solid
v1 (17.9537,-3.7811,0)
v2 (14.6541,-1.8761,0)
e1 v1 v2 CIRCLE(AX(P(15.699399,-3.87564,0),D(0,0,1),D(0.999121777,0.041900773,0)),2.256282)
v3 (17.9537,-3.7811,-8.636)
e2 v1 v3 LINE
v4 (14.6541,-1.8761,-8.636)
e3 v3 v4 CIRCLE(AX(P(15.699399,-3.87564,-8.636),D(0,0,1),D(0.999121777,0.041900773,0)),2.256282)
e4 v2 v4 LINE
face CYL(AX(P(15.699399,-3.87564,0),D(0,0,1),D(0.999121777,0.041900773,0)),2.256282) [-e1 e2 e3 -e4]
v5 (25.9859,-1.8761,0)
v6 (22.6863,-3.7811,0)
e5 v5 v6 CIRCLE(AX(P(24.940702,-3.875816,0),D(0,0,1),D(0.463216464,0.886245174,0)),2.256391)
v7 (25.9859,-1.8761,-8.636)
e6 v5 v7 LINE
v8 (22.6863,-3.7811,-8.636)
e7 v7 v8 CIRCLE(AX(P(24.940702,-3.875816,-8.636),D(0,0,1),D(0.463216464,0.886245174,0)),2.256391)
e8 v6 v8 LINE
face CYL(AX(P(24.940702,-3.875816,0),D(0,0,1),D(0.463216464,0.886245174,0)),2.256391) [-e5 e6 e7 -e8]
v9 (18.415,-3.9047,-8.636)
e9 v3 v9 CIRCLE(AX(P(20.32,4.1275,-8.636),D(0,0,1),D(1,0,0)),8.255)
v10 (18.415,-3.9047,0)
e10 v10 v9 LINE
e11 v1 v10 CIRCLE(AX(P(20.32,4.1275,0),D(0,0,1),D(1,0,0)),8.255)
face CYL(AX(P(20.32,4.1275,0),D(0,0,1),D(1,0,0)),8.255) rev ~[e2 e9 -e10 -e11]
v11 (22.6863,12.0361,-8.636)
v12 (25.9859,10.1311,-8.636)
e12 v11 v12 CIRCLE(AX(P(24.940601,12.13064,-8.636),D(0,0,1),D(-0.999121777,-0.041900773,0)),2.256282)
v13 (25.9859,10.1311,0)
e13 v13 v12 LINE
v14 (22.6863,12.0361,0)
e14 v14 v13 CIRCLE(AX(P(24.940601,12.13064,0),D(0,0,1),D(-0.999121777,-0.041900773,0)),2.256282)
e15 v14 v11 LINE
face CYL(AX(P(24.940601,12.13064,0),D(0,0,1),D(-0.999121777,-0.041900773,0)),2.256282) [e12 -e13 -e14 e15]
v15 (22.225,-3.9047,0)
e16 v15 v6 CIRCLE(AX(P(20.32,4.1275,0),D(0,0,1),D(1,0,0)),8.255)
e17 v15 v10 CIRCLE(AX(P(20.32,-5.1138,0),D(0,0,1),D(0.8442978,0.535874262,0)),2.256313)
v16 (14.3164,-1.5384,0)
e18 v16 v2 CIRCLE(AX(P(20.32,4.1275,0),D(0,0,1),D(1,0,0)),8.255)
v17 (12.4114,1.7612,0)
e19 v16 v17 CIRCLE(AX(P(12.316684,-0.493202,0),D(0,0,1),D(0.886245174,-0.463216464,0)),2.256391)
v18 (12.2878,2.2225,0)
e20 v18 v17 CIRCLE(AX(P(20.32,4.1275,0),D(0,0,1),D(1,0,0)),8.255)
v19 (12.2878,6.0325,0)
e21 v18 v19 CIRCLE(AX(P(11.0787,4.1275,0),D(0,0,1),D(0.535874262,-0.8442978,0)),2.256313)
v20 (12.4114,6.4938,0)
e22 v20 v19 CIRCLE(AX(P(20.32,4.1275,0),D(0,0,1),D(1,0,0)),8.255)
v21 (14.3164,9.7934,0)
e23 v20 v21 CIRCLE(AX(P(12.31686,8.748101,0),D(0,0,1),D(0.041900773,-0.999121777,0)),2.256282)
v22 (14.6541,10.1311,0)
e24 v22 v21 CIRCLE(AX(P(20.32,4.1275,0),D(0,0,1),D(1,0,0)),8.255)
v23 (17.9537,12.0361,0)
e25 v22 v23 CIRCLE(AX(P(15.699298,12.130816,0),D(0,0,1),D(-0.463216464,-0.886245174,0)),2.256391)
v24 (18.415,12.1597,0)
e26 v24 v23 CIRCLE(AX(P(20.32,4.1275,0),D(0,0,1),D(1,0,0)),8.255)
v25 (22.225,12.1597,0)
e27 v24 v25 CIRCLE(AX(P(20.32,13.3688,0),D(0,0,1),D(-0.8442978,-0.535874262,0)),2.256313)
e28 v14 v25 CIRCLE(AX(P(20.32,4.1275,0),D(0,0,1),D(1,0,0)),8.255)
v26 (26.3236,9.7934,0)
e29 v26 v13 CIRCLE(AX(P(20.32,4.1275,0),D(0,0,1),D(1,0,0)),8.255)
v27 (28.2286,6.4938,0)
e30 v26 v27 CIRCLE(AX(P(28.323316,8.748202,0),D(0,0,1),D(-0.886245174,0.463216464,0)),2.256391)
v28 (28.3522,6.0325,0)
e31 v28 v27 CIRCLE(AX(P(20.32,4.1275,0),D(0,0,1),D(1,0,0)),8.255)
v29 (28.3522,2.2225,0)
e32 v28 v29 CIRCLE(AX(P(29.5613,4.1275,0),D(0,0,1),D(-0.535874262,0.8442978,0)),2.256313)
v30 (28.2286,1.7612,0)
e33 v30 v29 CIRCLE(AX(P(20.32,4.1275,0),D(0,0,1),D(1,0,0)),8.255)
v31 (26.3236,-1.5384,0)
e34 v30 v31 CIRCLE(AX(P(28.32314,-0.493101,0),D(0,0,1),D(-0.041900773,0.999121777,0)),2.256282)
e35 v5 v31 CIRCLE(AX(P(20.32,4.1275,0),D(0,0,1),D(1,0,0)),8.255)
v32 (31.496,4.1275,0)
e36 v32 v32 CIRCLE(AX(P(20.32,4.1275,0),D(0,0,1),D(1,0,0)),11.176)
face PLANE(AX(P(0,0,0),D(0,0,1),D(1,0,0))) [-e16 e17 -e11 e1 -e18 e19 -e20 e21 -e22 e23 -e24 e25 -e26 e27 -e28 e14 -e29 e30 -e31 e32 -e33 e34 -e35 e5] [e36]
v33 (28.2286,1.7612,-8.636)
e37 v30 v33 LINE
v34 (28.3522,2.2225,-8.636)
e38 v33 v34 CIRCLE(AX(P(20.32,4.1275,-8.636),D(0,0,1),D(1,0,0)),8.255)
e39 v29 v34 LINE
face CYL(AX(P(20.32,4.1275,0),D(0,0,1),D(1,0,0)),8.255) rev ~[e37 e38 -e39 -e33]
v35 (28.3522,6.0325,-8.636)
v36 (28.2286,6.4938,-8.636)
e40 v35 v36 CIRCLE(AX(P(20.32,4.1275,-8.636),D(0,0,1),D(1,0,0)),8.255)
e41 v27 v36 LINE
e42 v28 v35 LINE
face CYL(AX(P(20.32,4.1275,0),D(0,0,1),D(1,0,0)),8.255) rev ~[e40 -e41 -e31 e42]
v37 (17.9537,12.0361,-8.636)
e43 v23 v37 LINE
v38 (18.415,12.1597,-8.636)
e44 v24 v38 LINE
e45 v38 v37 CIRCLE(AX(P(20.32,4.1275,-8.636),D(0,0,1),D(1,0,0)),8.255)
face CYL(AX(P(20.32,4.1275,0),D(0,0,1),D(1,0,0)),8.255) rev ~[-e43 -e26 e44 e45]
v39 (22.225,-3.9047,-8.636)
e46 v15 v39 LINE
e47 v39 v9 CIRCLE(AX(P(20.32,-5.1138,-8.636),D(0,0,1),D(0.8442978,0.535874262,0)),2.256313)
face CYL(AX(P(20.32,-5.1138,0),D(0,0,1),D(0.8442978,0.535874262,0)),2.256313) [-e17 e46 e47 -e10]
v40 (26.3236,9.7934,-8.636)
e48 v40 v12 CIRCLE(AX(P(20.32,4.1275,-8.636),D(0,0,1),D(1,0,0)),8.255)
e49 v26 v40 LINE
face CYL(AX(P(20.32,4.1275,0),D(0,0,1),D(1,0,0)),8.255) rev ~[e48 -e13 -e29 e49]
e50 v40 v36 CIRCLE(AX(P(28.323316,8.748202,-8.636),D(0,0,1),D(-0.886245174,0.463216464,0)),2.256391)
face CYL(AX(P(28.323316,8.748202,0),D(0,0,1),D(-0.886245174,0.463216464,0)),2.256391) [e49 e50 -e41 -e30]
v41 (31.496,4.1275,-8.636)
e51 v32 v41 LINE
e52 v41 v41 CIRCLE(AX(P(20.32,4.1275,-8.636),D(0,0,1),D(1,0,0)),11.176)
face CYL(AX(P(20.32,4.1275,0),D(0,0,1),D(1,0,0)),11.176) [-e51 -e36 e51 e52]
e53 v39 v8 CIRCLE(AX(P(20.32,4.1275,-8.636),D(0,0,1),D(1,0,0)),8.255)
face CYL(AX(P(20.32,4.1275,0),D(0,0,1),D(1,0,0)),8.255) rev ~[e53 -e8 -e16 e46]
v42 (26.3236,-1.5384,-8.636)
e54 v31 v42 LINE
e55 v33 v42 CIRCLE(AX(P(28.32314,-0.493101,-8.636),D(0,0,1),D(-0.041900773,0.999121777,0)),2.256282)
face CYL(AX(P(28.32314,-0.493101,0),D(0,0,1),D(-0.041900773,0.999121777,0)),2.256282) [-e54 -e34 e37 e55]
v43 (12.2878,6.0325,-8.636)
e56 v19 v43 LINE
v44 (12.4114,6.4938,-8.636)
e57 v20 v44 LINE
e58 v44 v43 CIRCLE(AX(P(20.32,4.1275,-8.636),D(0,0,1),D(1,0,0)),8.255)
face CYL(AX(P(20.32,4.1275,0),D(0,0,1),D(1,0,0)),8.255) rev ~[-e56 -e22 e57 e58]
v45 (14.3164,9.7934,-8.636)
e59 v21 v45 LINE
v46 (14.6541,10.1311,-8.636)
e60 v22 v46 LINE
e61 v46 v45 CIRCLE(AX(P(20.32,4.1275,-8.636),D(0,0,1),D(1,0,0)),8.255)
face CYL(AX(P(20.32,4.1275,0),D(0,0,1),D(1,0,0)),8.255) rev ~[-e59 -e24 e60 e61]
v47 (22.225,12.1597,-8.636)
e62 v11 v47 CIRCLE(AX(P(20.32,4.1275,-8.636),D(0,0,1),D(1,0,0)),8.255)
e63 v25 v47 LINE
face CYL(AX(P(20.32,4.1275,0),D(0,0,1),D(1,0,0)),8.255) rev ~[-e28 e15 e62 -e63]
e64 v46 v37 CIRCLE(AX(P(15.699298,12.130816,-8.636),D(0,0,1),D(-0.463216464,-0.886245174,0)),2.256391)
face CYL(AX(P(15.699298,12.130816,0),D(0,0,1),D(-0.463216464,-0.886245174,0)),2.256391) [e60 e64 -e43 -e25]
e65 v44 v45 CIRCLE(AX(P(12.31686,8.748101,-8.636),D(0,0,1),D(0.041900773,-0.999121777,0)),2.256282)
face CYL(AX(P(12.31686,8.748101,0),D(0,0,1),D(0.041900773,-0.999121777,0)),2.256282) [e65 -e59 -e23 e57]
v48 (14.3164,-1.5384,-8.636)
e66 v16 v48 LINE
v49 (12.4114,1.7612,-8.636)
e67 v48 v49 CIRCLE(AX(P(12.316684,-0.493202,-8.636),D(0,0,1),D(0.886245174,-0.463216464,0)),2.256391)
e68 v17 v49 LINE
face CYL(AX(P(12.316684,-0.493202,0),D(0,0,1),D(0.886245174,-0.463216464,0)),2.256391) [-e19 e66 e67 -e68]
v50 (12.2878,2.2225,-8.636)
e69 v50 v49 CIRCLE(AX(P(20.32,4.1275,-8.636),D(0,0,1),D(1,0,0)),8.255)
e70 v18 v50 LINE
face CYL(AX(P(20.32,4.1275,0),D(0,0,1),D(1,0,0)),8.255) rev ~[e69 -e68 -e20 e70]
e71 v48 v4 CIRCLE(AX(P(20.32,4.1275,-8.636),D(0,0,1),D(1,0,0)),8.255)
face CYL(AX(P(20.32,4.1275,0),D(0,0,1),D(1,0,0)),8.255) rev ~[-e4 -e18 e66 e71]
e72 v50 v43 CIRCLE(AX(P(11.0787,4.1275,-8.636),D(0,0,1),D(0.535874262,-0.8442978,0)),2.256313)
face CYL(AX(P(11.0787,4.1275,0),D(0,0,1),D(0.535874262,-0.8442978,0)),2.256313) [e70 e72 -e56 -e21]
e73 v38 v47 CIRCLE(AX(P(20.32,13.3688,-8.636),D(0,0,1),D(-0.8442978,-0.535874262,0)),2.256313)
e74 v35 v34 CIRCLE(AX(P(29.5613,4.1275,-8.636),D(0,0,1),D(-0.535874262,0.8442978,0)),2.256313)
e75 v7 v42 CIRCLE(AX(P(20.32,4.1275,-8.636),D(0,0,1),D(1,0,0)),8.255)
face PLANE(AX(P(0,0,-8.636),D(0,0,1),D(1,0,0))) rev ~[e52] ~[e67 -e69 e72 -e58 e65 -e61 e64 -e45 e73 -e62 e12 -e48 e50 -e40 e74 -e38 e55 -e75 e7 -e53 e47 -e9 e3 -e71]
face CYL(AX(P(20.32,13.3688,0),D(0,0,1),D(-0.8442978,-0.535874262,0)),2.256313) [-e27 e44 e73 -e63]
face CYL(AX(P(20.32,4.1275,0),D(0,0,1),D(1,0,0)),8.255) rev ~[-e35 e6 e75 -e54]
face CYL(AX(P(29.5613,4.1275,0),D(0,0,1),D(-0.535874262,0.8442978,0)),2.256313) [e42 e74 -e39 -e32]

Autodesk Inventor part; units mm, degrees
ref_plane "YZ Plane" through (0, 0, 0) normal (1, 0, 0) x (0, 1, 0)
ref_plane "Work Plane1" through (0, 0, 0) normal (0, 0, 1) x (1, 0, 0)
sketch "Sketch1" plane through (0, 0, 0) normal (0, 0, 1) x (1, 0, 0)
  circle A0 centre (20.32, 4.1275) radius 11.176 projected
  circle A1 centre (20.32, 4.1275) radius 8.255
  arc A2 (18.415, 12.1597) -> (22.225, 12.1597) centre (20.32, 13.3688) ccw
  line L0 (22.225, 12.1597) -> (18.415, 12.1597)
  line L1 (9.144, 4.1275) -> (31.496, 4.1275) construction
  arc A3 (14.6541, 10.1311) -> (17.9537, 12.0361) centre (15.6993, 12.1307) ccw
  line L2 (17.9537, 12.0361) -> (14.6541, 10.1311)
  circle A4 centre (20.32, 4.1275) radius 8.255
  arc A5 (12.4114, 6.4938) -> (14.3164, 9.7934) centre (12.3168, 8.7482) ccw
  line L3 (14.3164, 9.7934) -> (12.4114, 6.4938)
  circle A6 centre (20.32, 4.1275) radius 8.255
  arc A7 (12.2878, 2.2225) -> (12.2878, 6.0325) centre (11.0787, 4.1275) ccw
  line L4 (12.2878, 6.0325) -> (12.2878, 2.2225)
  circle A8 centre (20.32, 4.1275) radius 8.255
  arc A9 (14.3164, -1.5384) -> (12.4114, 1.7612) centre (12.3168, -0.4932) ccw
  line L5 (12.4114, 1.7612) -> (14.3164, -1.5384)
  circle A10 centre (20.32, 4.1275) radius 8.255
  arc A11 (17.9537, -3.7811) -> (14.6541, -1.8761) centre (15.6993, -3.8757) ccw
  line L6 (14.6541, -1.8761) -> (17.9537, -3.7811)
  circle A12 centre (20.32, 4.1275) radius 8.255
  arc A13 (22.225, -3.9047) -> (18.415, -3.9047) centre (20.32, -5.1138) ccw
  line L7 (18.415, -3.9047) -> (22.225, -3.9047)
  circle A14 centre (20.32, 4.1275) radius 8.255
  arc A15 (25.9859, -1.8761) -> (22.6863, -3.7811) centre (24.9407, -3.8757) ccw
  line L8 (22.6863, -3.7811) -> (25.9859, -1.8761)
  circle A16 centre (20.32, 4.1275) radius 8.255
  arc A17 (28.2286, 1.7612) -> (26.3236, -1.5384) centre (28.3232, -0.4932) ccw
  line L9 (26.3236, -1.5384) -> (28.2286, 1.7612)
  circle A18 centre (20.32, 4.1275) radius 8.255
  arc A19 (28.3522, 6.0325) -> (28.3522, 2.2225) centre (29.5613, 4.1275) ccw
  line L10 (28.3522, 2.2225) -> (28.3522, 6.0325)
  circle A20 centre (20.32, 4.1275) radius 8.255
  arc A21 (26.3236, 9.7934) -> (28.2286, 6.4938) centre (28.3232, 8.7482) ccw
  line L11 (28.2286, 6.4938) -> (26.3236, 9.7934)
  circle A22 centre (20.32, 4.1275) radius 8.255
  arc A23 (22.6863, 12.0361) -> (25.9859, 10.1311) centre (24.9407, 12.1307) ccw
  line L12 (25.9859, 10.1311) -> (22.6863, 12.0361)
  circle A24 centre (20.32, 4.1275) radius 8.255
  point P0 (0, 0)
  dimension "d0" = 2.921
  dimension "d1" = 3.81
  dimension "d2" = 1.27
  dimension "d3" = 0
  dimension "d6" = 360
ref_plane "Work Plane2" through (0, -8.3185, -8.636) normal (0, 0, -1) x (0, 1, 0)
extrude "Extrusion1" add sketch "Sketch1" against normal up to surface (8.636 mm away) contours A0 | A1 L10 | L10 A19 | L11 A1 | A21 L11 | L9 A17 | A1 L9 | L12 A1 | A23 L12 | L8 A15 | A1 L8 | L0 A1 | A2 L0 | L7 A13 | A1 L7 | L2 A1 | A3 L2 | L6 A11 | A1 L6 | L3 A1 | A5 L3 | L5 A9 | A1 L5 | L4 A1 | A7 L4
properties part number "wrenchC"
